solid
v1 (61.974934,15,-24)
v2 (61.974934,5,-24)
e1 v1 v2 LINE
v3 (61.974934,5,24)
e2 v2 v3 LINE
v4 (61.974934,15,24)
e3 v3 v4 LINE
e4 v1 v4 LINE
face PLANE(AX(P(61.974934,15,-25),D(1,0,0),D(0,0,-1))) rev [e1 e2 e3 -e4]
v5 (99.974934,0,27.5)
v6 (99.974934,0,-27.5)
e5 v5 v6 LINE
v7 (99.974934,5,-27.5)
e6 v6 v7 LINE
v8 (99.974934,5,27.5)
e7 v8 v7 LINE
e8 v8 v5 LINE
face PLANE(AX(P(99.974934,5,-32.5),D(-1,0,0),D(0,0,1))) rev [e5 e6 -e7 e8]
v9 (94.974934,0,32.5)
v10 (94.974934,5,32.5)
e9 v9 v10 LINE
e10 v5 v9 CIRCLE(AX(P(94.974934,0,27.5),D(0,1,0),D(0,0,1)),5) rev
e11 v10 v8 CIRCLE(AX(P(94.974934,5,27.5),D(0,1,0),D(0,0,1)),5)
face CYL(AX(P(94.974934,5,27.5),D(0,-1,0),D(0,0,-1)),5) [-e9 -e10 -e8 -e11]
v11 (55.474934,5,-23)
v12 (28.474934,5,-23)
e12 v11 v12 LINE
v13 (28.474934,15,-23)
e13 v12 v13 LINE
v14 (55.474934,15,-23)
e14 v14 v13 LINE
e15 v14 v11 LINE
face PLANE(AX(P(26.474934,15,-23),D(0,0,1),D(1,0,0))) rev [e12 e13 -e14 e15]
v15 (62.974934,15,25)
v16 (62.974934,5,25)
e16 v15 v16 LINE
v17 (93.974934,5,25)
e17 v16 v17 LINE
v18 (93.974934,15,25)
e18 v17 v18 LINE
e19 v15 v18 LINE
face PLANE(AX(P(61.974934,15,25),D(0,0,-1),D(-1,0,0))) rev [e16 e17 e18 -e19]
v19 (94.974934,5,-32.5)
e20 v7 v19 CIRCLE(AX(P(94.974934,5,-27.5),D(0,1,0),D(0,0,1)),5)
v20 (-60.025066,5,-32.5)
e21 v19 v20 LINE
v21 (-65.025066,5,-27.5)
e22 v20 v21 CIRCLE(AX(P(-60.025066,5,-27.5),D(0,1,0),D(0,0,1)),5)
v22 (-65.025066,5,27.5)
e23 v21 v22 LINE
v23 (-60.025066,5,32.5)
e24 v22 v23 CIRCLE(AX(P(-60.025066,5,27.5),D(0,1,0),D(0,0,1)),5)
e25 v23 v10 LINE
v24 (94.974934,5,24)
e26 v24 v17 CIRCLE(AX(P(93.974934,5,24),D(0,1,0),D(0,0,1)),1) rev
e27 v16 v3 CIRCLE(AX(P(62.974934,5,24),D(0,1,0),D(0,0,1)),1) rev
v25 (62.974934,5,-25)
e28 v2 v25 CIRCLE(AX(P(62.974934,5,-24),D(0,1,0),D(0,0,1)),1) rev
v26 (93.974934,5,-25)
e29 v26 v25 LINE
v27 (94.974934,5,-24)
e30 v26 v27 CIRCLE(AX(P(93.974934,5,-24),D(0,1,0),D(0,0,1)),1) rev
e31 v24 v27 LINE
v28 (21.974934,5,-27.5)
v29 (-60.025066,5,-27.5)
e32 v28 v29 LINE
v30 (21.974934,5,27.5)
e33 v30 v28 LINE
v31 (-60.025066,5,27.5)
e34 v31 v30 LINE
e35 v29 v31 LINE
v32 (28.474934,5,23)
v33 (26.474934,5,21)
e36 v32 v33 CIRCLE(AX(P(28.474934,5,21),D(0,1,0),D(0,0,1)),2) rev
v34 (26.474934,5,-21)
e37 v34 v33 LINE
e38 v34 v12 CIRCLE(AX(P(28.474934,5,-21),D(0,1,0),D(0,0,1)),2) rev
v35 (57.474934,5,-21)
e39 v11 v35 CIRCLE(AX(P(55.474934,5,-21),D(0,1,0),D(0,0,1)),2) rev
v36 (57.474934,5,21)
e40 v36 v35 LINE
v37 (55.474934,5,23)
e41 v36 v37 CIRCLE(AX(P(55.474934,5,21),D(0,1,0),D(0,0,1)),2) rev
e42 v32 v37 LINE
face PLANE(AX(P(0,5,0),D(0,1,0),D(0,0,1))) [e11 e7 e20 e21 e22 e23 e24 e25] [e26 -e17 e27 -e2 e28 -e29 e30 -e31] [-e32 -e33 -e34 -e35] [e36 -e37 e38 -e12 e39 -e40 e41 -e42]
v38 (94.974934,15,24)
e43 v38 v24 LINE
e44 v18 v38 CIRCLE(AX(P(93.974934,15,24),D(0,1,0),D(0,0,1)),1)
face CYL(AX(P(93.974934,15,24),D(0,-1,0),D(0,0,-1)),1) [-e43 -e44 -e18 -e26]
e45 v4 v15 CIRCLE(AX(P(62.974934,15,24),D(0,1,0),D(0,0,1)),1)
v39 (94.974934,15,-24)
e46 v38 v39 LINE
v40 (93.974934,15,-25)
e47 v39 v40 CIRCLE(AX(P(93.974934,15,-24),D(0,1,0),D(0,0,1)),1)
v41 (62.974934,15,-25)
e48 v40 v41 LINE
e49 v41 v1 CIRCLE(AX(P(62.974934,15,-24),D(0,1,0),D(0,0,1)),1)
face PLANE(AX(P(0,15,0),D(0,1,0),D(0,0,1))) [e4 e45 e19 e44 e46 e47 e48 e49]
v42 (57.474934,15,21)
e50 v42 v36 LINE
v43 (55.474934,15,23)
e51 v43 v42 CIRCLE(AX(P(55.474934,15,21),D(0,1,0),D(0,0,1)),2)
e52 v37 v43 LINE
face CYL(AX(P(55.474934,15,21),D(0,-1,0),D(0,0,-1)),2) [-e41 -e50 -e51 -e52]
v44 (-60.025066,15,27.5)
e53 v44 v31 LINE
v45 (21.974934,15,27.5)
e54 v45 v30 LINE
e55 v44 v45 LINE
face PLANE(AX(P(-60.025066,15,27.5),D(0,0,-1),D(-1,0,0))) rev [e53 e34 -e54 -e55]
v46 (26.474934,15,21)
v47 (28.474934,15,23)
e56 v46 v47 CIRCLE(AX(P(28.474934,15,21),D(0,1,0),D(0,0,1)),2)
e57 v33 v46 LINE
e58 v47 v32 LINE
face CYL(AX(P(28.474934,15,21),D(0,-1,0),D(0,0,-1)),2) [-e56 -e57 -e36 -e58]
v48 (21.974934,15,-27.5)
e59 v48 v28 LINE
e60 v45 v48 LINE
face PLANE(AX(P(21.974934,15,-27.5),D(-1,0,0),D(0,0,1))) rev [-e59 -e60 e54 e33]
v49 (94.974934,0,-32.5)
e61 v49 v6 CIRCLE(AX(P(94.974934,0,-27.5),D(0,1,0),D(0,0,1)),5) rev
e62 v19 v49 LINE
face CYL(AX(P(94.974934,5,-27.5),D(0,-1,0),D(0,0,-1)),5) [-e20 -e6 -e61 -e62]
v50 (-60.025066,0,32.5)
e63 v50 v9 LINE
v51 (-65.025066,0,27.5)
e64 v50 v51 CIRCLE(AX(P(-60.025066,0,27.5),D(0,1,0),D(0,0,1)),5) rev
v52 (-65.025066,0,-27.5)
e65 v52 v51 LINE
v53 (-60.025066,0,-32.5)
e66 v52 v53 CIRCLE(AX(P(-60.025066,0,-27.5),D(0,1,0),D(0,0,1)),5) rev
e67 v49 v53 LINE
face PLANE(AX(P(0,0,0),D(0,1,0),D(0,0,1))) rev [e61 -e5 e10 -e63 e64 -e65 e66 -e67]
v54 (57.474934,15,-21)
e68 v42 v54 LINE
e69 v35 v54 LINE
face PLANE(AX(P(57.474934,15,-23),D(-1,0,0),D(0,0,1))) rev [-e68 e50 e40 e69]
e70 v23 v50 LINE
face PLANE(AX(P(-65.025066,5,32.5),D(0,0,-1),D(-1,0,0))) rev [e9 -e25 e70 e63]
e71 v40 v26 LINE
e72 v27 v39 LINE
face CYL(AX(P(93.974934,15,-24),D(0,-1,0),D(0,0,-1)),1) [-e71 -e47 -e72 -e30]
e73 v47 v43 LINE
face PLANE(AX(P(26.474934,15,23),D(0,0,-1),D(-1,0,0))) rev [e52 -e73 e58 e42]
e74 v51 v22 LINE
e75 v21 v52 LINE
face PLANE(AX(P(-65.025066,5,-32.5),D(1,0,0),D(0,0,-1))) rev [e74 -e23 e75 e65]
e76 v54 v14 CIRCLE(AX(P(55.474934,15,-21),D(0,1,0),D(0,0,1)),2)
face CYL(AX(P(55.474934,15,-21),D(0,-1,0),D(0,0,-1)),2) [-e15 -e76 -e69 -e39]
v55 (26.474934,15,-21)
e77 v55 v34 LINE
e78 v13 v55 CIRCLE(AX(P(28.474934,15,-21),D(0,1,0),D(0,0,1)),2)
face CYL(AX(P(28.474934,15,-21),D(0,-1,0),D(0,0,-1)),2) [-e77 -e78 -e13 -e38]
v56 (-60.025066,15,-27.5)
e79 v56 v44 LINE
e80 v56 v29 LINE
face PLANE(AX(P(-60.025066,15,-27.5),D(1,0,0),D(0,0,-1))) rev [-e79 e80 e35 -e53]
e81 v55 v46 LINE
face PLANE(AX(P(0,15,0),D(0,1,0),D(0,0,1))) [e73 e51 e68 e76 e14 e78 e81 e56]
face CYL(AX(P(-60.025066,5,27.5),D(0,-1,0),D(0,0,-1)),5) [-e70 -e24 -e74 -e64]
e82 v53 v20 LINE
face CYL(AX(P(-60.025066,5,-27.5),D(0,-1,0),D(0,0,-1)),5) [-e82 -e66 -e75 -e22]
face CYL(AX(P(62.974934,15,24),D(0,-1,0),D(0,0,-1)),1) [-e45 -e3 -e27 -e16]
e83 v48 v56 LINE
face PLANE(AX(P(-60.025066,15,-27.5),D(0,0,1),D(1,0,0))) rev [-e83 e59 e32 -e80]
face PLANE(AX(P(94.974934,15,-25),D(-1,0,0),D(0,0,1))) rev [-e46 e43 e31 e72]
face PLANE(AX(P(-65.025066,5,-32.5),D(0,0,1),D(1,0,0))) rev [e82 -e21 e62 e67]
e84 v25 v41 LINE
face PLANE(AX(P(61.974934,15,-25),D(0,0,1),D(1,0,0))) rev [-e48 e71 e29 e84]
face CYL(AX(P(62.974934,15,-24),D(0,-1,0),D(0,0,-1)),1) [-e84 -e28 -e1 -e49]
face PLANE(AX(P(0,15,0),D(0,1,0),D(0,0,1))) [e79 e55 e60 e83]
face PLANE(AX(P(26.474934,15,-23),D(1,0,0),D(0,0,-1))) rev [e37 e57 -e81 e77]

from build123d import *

# Parameters (mm, degrees)
SKETCH1_W           = 165
SKETCH1_H           = 65
BOSS_EXTRUDE1_DEPTH = 5
FILLET1_R           = 5
SKETCH2_W           = 82
SKETCH2_H           = 55
SKETCH2_W_2         = 31
SKETCH2_H_2         = 46
SKETCH2_W_3         = 33
SKETCH2_H_3         = 50
BOSS_EXTRUDE2_DEPTH = 10
FILLET2_R           = 2
FILLET3_R           = 1


with BuildPart() as part:
    # Sketch1 → Boss-Extrude1 (new body)
    with BuildSketch(Plane(origin=(0, 0, 0), x_dir=(1, 0, 0), z_dir=(0, 1, 0))):
        with Locations((17.474934091, 0)):
            Rectangle(SKETCH1_W, SKETCH1_H)
    extrude(amount=BOSS_EXTRUDE1_DEPTH)

    # Fillet1
    fillet1_edges = [part.edges().sort_by_distance(p)[0] for p in [
        (-65.025065909, 2.5, -32.5),
        (99.974934091, 2.5, -32.5),
        (99.974934091, 2.5, 32.5),
        (-65.025065909, 2.5, 32.5),
    ]]
    fillet(fillet1_edges, radius=FILLET1_R)

    # Sketch2 → Boss-Extrude2 (add)
    with BuildSketch(Plane(origin=(0, 5, 0), x_dir=(1, 0, 0), z_dir=(0, 1, 0))):
        with Locations((-19.025065909, 0)):
            Rectangle(SKETCH2_W, SKETCH2_H)
        with Locations((41.974934091, 0)):
            Rectangle(SKETCH2_W_2, SKETCH2_H_2)
        with Locations((78.474934091, 0)):
            Rectangle(SKETCH2_W_3, SKETCH2_H_3)
    extrude(amount=BOSS_EXTRUDE2_DEPTH)

    # Fillet2
    fillet2_edges = [part.edges().sort_by_distance(p)[0] for p in [
        (26.474934091, 10, -23),
        (26.474934091, 10, 23),
        (57.474934091, 10, 23),
        (57.474934091, 10, -23),
    ]]
    fillet(fillet2_edges, radius=FILLET2_R)

    # Fillet3
    fillet3_edges = [part.edges().sort_by_distance(p)[0] for p in [
        (61.974934091, 10, -25),
        (61.974934091, 10, 25),
        (94.974934091, 10, 25),
        (94.974934091, 10, -25),
    ]]
    fillet(fillet3_edges, radius=FILLET3_R)


solid = part.part
